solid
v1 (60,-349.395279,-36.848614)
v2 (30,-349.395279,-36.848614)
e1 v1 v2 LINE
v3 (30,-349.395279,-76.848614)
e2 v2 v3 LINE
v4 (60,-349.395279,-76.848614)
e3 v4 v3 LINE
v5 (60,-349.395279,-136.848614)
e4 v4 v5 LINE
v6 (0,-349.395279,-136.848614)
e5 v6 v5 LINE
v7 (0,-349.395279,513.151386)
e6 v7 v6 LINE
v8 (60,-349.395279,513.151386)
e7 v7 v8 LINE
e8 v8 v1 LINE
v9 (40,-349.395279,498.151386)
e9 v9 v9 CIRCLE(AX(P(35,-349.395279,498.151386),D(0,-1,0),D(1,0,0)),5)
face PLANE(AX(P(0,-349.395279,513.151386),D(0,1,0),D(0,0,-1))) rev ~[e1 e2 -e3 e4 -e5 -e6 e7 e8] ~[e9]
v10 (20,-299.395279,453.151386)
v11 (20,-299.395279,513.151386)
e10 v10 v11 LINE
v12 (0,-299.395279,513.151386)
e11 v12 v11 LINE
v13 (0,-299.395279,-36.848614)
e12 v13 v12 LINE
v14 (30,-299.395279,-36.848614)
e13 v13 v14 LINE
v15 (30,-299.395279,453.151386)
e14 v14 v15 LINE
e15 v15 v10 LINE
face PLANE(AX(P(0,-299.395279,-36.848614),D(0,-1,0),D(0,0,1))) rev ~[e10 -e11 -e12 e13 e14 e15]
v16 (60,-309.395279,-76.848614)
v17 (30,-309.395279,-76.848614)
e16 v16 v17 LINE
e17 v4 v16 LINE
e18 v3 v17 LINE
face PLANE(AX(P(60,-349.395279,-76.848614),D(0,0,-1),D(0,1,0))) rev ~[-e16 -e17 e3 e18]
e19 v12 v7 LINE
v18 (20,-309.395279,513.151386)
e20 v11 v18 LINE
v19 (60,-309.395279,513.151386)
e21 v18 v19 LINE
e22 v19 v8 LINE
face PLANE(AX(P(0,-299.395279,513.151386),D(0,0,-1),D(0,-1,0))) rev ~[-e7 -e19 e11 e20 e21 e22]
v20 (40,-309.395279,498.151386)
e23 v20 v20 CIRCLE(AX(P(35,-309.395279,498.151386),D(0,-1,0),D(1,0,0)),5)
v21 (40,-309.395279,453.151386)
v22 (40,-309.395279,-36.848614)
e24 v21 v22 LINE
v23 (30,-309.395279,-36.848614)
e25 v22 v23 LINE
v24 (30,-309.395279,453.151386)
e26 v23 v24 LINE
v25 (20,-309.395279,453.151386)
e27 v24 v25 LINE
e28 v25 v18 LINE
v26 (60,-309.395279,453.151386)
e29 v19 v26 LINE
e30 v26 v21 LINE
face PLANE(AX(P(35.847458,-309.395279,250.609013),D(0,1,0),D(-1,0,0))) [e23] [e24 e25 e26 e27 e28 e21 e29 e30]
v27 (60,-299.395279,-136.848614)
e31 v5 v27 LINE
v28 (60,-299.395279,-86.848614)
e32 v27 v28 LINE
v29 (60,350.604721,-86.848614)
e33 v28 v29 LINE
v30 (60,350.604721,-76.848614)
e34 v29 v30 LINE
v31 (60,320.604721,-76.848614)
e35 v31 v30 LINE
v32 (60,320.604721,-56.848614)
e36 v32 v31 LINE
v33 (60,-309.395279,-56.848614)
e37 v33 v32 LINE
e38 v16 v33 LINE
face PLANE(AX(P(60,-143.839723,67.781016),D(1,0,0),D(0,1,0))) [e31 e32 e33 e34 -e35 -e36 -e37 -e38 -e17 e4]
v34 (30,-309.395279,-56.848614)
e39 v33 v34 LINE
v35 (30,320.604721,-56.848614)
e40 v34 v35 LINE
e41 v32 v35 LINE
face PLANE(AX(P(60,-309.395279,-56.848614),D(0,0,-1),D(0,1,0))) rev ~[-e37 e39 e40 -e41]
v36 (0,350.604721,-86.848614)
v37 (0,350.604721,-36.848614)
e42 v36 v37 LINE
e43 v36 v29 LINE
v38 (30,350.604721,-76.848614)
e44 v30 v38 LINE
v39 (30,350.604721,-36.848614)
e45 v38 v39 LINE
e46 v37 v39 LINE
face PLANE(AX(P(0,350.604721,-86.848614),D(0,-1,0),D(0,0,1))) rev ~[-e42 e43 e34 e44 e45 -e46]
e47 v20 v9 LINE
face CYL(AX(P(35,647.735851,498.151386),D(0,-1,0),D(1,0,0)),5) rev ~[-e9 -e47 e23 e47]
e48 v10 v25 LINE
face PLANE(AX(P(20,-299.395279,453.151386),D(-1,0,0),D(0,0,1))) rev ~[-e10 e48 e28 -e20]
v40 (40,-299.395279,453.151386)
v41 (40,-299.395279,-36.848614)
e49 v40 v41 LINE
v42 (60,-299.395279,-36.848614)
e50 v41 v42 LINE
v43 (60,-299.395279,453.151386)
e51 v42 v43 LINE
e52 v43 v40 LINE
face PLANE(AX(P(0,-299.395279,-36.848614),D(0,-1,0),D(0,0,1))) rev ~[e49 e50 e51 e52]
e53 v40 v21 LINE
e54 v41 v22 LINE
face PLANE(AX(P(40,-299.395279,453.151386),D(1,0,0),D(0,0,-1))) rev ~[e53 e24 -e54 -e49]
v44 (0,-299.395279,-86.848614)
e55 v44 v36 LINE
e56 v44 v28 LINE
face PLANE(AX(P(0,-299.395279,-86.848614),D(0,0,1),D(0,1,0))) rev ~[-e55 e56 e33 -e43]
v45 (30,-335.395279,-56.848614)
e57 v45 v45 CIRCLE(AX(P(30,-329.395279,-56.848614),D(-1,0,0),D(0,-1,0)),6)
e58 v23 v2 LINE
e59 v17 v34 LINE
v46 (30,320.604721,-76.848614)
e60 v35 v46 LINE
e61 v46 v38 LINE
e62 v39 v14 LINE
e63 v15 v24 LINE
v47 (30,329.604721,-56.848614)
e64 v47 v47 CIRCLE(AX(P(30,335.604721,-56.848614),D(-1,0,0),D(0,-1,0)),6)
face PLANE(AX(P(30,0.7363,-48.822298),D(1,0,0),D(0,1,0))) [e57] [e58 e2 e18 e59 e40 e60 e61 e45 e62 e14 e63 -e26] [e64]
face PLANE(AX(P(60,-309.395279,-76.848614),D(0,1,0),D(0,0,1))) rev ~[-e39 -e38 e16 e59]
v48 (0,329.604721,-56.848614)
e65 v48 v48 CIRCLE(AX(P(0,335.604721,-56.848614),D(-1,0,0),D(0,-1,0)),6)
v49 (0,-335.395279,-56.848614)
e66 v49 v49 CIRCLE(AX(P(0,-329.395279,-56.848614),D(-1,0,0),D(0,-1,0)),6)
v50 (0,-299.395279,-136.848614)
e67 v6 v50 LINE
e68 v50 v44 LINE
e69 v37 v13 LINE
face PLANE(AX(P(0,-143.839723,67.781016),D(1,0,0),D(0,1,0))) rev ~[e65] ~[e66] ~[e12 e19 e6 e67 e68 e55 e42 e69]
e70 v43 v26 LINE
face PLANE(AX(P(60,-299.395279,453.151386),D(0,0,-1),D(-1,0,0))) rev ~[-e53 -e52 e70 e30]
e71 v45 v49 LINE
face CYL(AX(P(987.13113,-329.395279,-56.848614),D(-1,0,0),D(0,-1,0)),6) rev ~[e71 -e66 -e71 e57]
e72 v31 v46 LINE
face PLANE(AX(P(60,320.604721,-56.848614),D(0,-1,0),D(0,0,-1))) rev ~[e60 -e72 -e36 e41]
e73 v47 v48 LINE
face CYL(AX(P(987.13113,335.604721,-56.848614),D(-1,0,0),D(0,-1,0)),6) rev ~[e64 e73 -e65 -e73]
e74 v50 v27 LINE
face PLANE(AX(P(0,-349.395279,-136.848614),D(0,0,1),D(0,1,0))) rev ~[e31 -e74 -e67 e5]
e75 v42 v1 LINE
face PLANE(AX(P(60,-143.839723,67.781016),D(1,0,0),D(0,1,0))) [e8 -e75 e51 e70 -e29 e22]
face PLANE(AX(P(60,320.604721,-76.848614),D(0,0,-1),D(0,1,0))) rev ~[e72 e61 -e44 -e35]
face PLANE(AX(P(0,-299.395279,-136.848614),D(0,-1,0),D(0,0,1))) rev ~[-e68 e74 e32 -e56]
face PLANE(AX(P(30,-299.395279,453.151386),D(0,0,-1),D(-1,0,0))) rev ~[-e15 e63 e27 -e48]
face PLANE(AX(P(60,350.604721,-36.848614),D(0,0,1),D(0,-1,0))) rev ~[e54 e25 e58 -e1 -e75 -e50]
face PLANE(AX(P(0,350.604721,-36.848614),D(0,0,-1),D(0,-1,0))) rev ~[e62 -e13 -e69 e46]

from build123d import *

# Parameters (mm, degrees)
F1_DEPTH = 60
F3_DEPTH = 30
F5_D     = 12
F7_DEPTH = 10
F9_D     = 10


with BuildPart() as f1:
    # F0 (on Right) → F1 (new body)
    with BuildSketch(Plane.YZ):
        Polygon((-299.395279, -136.848614), (-299.395279, -86.848614), (350.604721, -86.848614), (350.604721, -36.848614), (-299.395279, -36.848614), (-299.395279, 513.151386), (-349.395279, 513.151386), (-349.395279, -36.848614), (-349.395279, -86.848614), (-349.395279, -136.848614), align=None)
    extrude(amount=F1_DEPTH)

    # F2 (on face) → F3 (cut)
    with BuildSketch(Plane.YZ.offset(60)):
        Polygon((-309.395279, -36.848614), (-349.395279, -36.848614), (-349.395279, -76.848614), (-309.395279, -76.848614), (-309.395279, -56.848614), (320.604721, -56.848614), (320.604721, -76.848614), (350.604721, -76.848614), (350.604721, -36.848614), align=None)
    extrude(amount=-F3_DEPTH, mode=Mode.SUBTRACT)

    # F5 (through all)
    with Locations(Plane.YZ.offset(30)):
        with Locations((-329.395279, -56.848614), (335.604721, -56.848614)):
            Hole(F5_D / 2)

    # F6 (on face) → F7 (cut)
    with BuildSketch(Plane(origin=(0, -299.395279, 0), x_dir=(-1, 0, 0), z_dir=(0, 1, 0))):
        Polygon((-40, -36.848614), (-30, -36.848614), (-30, 453.151386), (-20, 453.151386), (-20, 513.151386), (-60, 513.151386), (-60, 463.151386), (-60, 453.151386), (-40, 453.151386), align=None)
    extrude(amount=-F7_DEPTH, mode=Mode.SUBTRACT)

    # F9 (through all)
    with Locations(Plane(origin=(0, -309.395279, 0), x_dir=(-1, 0, 0), z_dir=(0, 1, 0))):
        with Locations((-35, 498.151386)):
            Hole(F9_D / 2)


solid = f1.part
